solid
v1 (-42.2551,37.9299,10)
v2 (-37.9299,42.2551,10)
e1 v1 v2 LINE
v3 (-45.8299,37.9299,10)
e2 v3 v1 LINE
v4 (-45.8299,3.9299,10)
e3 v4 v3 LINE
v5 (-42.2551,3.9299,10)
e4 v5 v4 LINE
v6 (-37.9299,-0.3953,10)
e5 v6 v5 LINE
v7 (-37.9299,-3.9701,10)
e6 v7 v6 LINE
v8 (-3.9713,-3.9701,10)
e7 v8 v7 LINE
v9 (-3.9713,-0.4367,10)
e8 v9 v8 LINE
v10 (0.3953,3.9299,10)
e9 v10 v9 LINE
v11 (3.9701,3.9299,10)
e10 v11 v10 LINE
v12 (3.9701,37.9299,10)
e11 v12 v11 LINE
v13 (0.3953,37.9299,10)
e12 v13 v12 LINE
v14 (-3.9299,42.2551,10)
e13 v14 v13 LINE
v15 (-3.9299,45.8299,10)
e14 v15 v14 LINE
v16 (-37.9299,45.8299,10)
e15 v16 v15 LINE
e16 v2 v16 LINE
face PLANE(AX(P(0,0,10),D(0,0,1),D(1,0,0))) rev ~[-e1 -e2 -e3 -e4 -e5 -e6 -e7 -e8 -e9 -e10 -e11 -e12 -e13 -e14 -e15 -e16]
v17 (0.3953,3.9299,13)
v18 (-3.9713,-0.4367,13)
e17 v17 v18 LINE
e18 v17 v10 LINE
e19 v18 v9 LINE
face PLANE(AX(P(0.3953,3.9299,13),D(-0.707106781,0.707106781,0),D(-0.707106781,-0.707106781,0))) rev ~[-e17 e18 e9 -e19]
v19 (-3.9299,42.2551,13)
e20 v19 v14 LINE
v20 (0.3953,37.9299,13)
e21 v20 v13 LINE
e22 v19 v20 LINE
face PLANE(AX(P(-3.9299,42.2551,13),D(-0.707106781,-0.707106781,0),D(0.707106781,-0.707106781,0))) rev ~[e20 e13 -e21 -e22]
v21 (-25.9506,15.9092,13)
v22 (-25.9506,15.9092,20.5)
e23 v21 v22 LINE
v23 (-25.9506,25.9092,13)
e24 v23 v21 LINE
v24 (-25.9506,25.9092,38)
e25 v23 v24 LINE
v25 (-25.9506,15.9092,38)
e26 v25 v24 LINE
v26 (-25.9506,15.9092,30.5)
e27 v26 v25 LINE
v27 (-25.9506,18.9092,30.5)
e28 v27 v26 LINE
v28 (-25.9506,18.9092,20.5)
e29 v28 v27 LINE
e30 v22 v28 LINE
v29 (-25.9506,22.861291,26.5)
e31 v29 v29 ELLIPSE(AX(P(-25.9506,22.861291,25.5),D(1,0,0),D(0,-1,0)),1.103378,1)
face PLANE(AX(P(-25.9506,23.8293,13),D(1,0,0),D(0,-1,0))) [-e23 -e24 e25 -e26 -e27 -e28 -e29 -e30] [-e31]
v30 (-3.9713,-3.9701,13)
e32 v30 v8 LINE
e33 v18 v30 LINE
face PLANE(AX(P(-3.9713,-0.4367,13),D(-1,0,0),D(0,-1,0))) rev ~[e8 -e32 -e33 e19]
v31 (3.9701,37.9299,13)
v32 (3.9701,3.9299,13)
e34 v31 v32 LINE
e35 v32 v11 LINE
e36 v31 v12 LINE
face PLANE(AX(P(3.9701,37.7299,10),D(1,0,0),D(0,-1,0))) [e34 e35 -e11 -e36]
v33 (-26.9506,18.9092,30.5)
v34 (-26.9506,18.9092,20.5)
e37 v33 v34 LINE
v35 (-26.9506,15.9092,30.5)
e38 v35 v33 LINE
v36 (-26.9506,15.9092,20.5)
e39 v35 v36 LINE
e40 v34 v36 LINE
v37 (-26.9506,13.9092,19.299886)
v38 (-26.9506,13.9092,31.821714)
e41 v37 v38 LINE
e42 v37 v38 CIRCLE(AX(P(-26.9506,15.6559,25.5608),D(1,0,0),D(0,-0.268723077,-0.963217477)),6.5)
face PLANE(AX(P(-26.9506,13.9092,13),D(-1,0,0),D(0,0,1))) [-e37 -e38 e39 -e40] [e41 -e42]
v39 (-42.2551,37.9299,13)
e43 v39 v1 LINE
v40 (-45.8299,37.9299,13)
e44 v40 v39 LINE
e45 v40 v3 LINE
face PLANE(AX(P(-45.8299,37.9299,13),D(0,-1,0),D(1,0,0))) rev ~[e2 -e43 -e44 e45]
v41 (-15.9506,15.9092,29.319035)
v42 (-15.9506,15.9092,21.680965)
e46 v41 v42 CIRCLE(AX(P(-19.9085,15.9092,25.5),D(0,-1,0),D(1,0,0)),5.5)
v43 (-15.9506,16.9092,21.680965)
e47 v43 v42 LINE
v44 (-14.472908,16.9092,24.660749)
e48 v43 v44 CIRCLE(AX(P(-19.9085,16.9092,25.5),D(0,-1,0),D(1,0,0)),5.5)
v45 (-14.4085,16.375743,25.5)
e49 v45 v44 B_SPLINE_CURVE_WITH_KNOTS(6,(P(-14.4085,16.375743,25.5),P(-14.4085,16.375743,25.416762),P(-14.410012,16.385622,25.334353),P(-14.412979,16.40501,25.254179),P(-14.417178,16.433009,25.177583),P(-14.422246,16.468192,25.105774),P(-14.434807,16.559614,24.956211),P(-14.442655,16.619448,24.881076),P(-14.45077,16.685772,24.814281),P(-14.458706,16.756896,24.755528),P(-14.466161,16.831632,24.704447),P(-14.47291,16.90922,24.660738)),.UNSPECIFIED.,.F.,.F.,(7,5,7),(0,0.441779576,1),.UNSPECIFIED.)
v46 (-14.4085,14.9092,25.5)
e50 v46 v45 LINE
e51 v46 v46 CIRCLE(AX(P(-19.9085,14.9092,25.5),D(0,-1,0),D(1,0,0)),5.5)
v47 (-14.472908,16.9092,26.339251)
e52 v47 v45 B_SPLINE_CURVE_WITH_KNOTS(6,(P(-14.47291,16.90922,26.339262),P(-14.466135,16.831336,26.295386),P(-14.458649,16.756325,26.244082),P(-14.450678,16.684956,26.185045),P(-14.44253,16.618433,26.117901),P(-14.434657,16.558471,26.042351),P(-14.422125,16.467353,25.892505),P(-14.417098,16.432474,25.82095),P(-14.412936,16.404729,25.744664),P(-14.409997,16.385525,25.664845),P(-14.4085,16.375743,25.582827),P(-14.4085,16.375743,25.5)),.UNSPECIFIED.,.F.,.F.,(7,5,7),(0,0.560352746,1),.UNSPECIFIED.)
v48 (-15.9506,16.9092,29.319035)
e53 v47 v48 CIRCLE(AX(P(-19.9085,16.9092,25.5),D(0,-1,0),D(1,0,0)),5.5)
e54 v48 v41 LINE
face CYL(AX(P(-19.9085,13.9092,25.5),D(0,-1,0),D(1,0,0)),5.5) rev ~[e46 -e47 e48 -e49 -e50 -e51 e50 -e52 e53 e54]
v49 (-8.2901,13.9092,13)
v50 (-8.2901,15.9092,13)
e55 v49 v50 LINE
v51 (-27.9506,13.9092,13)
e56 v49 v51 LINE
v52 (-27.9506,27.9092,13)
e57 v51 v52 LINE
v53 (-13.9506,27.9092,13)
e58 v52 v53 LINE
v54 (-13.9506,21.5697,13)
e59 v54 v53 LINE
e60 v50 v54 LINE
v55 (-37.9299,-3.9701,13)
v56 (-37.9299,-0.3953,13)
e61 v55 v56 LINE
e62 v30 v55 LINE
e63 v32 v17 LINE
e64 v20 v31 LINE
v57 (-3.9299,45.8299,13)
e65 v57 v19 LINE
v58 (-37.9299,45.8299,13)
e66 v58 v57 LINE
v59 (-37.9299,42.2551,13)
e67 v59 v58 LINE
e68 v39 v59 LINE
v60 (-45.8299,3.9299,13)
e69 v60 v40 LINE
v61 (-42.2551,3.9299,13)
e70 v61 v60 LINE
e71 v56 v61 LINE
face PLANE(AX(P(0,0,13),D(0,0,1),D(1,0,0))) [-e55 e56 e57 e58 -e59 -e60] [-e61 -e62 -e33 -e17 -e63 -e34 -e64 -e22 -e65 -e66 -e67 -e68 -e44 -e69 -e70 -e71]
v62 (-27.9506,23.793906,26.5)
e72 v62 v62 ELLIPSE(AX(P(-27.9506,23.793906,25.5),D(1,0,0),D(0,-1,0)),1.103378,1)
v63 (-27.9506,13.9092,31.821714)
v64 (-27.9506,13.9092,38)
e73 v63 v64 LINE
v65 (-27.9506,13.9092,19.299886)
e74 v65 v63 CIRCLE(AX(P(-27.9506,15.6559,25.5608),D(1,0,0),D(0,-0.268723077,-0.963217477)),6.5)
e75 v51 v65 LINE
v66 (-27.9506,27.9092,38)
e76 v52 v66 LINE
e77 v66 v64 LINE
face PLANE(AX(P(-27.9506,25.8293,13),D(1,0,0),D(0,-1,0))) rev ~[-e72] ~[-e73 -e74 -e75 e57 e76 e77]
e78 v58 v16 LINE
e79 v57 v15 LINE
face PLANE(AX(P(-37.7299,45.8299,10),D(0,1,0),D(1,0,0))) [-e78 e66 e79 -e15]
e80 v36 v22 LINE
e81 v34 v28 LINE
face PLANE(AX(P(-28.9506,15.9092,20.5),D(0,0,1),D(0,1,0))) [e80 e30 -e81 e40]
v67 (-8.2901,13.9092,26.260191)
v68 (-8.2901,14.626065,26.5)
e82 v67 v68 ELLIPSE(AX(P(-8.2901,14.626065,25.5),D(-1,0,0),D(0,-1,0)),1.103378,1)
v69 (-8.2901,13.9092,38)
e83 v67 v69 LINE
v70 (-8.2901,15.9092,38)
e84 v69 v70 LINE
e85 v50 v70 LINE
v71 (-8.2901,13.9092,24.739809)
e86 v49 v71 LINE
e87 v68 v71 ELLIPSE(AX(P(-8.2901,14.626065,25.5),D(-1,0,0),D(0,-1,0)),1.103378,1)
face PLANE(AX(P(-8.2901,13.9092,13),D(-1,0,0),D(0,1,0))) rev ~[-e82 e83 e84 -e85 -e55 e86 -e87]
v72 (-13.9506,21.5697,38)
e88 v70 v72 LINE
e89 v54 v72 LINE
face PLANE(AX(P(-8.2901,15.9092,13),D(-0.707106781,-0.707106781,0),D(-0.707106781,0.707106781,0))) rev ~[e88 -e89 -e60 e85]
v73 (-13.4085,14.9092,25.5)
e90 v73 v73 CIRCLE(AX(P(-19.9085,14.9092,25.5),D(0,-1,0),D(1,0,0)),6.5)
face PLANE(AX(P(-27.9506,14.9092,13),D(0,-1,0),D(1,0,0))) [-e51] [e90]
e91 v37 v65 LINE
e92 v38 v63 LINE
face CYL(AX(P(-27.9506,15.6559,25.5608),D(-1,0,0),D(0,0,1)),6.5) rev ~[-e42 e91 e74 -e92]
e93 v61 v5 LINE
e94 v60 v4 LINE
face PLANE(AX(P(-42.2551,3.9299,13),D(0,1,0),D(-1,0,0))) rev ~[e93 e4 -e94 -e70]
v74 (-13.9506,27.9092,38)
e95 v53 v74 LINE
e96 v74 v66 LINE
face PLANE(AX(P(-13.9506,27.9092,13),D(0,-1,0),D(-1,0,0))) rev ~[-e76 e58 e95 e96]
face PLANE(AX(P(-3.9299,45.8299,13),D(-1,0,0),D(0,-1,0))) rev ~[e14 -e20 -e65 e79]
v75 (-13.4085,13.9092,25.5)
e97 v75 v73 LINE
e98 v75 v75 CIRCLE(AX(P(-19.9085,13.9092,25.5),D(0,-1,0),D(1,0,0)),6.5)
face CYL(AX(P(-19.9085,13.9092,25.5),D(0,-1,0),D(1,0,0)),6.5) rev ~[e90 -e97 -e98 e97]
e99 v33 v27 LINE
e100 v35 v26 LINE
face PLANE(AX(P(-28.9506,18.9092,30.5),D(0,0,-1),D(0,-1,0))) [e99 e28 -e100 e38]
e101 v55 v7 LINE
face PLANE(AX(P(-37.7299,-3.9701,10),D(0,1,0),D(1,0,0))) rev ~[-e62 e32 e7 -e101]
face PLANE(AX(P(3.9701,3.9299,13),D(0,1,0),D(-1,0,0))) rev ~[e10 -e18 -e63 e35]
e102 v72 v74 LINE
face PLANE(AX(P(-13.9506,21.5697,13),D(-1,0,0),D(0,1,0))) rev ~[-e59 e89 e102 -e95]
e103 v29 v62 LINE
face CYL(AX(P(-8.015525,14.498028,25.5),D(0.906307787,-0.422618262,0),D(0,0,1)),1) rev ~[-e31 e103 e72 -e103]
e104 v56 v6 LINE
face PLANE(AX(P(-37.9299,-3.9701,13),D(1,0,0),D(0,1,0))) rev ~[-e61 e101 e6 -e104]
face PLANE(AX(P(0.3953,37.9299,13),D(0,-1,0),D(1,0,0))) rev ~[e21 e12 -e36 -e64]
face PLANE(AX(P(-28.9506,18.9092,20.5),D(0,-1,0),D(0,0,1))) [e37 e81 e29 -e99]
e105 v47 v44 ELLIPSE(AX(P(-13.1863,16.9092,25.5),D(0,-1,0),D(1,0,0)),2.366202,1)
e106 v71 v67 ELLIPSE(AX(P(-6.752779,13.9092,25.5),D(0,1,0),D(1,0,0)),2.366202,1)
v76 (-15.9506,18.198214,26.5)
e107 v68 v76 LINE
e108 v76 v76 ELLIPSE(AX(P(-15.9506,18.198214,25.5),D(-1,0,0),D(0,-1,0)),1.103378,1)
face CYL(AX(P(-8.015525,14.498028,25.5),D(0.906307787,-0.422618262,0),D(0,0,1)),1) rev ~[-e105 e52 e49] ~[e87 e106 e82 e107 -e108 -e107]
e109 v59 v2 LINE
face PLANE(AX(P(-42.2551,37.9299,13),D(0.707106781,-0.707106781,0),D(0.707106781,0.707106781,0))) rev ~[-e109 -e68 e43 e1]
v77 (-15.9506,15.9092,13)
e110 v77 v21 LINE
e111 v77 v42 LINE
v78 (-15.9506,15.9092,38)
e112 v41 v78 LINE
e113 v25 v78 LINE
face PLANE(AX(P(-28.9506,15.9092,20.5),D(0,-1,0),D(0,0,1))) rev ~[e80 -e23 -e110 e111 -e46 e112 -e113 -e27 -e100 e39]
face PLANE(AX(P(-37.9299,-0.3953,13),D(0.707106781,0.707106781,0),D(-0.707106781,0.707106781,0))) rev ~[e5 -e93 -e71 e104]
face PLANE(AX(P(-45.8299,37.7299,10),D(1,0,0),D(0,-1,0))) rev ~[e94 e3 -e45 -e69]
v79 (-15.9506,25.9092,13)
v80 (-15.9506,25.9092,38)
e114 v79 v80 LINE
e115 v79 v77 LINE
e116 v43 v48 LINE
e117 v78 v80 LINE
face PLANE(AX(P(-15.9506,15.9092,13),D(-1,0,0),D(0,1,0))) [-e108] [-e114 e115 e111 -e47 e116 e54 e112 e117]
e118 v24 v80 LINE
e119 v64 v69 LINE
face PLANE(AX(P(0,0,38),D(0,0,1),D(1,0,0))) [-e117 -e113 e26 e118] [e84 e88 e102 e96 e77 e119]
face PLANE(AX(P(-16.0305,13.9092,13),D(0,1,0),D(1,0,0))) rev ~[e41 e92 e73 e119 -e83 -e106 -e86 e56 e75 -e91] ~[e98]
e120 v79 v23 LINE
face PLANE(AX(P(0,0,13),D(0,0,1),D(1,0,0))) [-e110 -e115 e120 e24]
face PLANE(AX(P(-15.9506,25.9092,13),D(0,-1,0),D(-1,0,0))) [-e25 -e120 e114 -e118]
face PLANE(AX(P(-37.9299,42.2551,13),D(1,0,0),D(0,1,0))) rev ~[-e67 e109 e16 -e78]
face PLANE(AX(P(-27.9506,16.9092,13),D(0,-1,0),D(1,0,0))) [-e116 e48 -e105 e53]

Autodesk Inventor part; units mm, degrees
ref_plane "YZ Plane" through (0, 0, 0) normal (1, 0, 0) x (0, 1, 0)
ref_plane "XZ Plane" through (0, 0, 0) normal (0, 1, 0) x (-1, 0, 0)
ref_plane "Work Plane1" through (0, 0, 10) normal (0, 0, 1) x (1, 0, 0)
sketch "Sketch1" plane through (0, 0, 10) normal (0, 0, 1) x (1, 0, 0)
  line L0 (-4.0299, -0.3538) -> (-2.2322, 1.4439) construction
  arc A0 (-1.4439, 2.2322) -> (-2.2322, 1.4439) centre (-0.9299, 0.9299) ccw construction
  line L1 (-1.4439, 2.2322) -> (0.3538, 4.0299) construction
  line L2 (-37.8299, 42.8299) -> (-37.8299, 37.8299) construction
  line L3 (-37.8299, 37.8299) -> (-42.9208, 37.8299) construction
  line L4 (-37.8299, 42.2137) -> (-37.8299, 45.8299) construction
  line L5 (-37.8299, 45.8299) -> (-4.0299, 45.8299) construction
  line L6 (-4.0299, 45.8299) -> (-4.0299, 42.2137) construction
  line L7 (-4.0299, 4.0299) -> (0.3538, 4.0299) projected
  circle A1 centre (-20.9299, 20.9299) radius 17.5 projected
  line L8 (-20.9299, 58.9723) -> (17.1124, 20.9299) construction
  line L9 (17.1124, 20.9299) -> (-20.9299, -17.1124) construction
  line L10 (-20.9299, -17.1124) -> (-58.9723, 20.9299) construction
  line L11 (-58.9723, 20.9299) -> (-20.9299, 58.9723) construction
  line L12 (-20.9299, 58.9723) -> (-20.9299, -17.1124) construction
  line L13 (17.1124, 20.9299) -> (-58.9723, 20.9299) construction
  line L14 (-20.9299, 58.9723) -> (32.8701, 58.9723) construction
  line L15 (-43.4299, 43.4299) -> (1.5701, 43.4299) construction
  line L16 (1.5701, 43.4299) -> (1.5701, -1.5701) construction
  line L17 (1.5701, -1.5701) -> (-43.4299, -1.5701) construction
  line L18 (-43.4299, -1.5701) -> (-43.4299, 43.4299) construction
  line L19 (-43.4299, 43.4299) -> (1.5701, -1.5701) construction
  line L20 (1.5701, 43.4299) -> (-43.4299, -1.5701) construction
  line L21 (-43.4299, 5.3876) -> (-43.4299, 36.4723)
  line L22 (-43.4299, 36.4723) -> (-36.4723, 43.4299)
  line L23 (-36.4723, 43.4299) -> (-5.3876, 43.4299)
  line L24 (-5.3876, 43.4299) -> (1.5701, 36.4723)
  line L25 (1.5701, 36.4723) -> (1.5701, 5.3876)
  line L26 (1.5701, 5.3876) -> (-5.3876, -1.5701)
  line L27 (-5.3876, -1.5701) -> (-36.4723, -1.5701)
  line L28 (-36.4723, -1.5701) -> (-43.4299, 5.3876)
  line L29 (-4.0299, 42.2137) -> (-37.8299, 42.2137) projected
  line L30 (-4.0299, -0.3538) -> (-4.0299, 4.0299) projected
  circle A2 centre (-20.9299, 20.9299) radius 1.5
  line L31 (-10.9299, 10.9299) -> (-30.9299, 10.9299) construction
  line L32 (-30.9299, 10.9299) -> (-30.9299, 30.9299) construction
  line L33 (-30.9299, 30.9299) -> (-10.9299, 30.9299) construction
  line L34 (-10.9299, 30.9299) -> (-10.9299, 10.9299) construction
  line L35 (-10.9299, 10.9299) -> (-30.9299, 30.9299) construction
  line L36 (-30.9299, 10.9299) -> (-10.9299, 30.9299) construction
  circle A3 centre (-30.9299, 30.9299) radius 1.4
  circle A4 centre (-30.9299, 10.9299) radius 1.4
  circle A5 centre (-10.9299, 10.9299) radius 1.4
  line L37 (-45.8299, 37.8299) -> (-42.0723, 37.8299) construction
  line L38 (-42.1723, 37.7299) -> (-45.8299, 37.7299)
  line L39 (-45.8299, 37.7299) -> (-45.8299, 4.1299)
  line L40 (-45.8299, 4.1299) -> (-42.1723, 4.1299)
  line L41 (-42.1723, 4.1299) -> (-42.1723, 37.7299)
  line L42 (-45.8299, 4.0299) -> (-42.0723, 4.0299) construction
  line L43 (-45.8299, 37.8299) -> (-42.0723, 37.8299) projected
  line L44 (-37.7299, 45.8299) -> (-4.1299, 45.8299)
  line L45 (-4.1299, 45.8299) -> (-4.1299, 42.1723)
  line L46 (-4.1299, 42.1723) -> (-37.7299, 42.1723)
  line L47 (-37.7299, 42.1723) -> (-37.7299, 45.8299)
  line L48 (0.4701, 37.8299) -> (0.4701, 4.0299) construction
  line L49 (0.4701, 4.0299) -> (3.9701, 4.0299) construction
  line L50 (3.9701, 37.8299) -> (3.9701, 4.0299) construction
  line L51 (0.4701, 37.8299) -> (3.9701, 37.8299) construction
  line L52 (-45.8299, -3.9701) -> (-4.0299, -3.9701) construction
  line L53 (0.3124, 37.7299) -> (3.9701, 37.7299)
  line L54 (3.9701, 37.7299) -> (3.9701, 4.1299)
  line L55 (3.9701, 4.1299) -> (0.3124, 4.1299)
  line L56 (0.3124, 4.1299) -> (0.3124, 37.7299)
  line L57 (-4.1713, -0.3538) -> (-37.7299, -0.3538)
  line L58 (-37.7299, -0.3538) -> (-37.7299, -3.9701)
  line L59 (-37.7299, -3.9701) -> (-4.1713, -3.9701)
  line L60 (-4.1713, -3.9701) -> (-4.1713, -0.3538)
  point P0 (-37.8299, 4.0299)
  dimension "d18" = 53.8
  dimension "d19" = 45
  dimension "d20" = 53.8
  dimension "d21" = 45
  dimension "d22" = 45
  dimension "d30" = 20
  dimension "d31" = 20
  dimension "d32" = 2.8
  dimension "d33" = 2.8
  dimension "d34" = 2.8
  dimension "d35" = 3
  dimension "d36" = 0.1
  dimension "d37" = 0.1
  dimension "d38" = 0.1
  dimension "d39" = 0.1
extrude "Extrusion1" add sketch "Sketch1" along normal blind 3 contours L30 L26 L57 L28 L41 L22 L46 L24 L56 L7 | L7 L26 L30 | L56 L24 L25 L26 | L26 L25 L24 L53 L54 L55 | L60 L59 L58 L57 L28 L27 L26 | L26 L27 L28 L57 | L46 L22 L29 L24 | L24 L29 L45 | L40 L39 L38 L22 L21 L28 | L28 L21 L22 L41 | L29 L22 L23 L24 | L24 L23 L22 L29 L47 L44 L45 | L47 L29 L22 | A1 | A2 | A3 | A4 | A5
sketch "Skizze4" plane through (0, 0, 13) normal (0, 0, 1) x (1, 0, 0)
  line L0 (-37.7299, 42.1723) -> (-42.1723, 37.7299) projected
  line L1 (-42.1723, 37.7299) -> (-45.8299, 37.7299) projected
  line L2 (-45.8299, 37.7299) -> (-45.8299, 4.1299) construction
  line L3 (-45.8299, 4.1299) -> (-42.1723, 4.1299) projected
  line L4 (-42.1723, 4.1299) -> (-37.6885, -0.3538) projected
  line L5 (-37.6885, -0.3538) -> (-37.7299, -0.3538) projected
  line L6 (-37.7299, -0.3538) -> (-37.7299, -3.9701) projected
  line L7 (-37.7299, -3.9701) -> (-4.1713, -3.9701) construction
  line L8 (-4.1713, -3.9701) -> (-4.1713, -0.3538) projected
  line L9 (-4.1713, -0.3538) -> (0.3124, 4.1299) projected
  line L10 (0.3124, 4.1299) -> (3.9701, 4.1299) projected
  line L11 (3.9701, 4.1299) -> (3.9701, 37.7299) construction
  line L12 (3.9701, 37.7299) -> (0.3124, 37.7299) projected
  line L13 (0.3124, 37.7299) -> (-4.1299, 42.1723) projected
  line L14 (-4.1299, 42.1723) -> (-4.1299, 45.8299) projected
  line L15 (-4.1299, 45.8299) -> (-37.7299, 45.8299) construction
  line L16 (-37.7299, 45.8299) -> (-37.7299, 42.1723) projected
  line L17 (-37.9299, 46.0299) -> (-3.9299, 46.0299) construction
  line L18 (-3.9299, 46.0299) -> (-3.9299, 42.2551)
  line L19 (-3.9299, 42.2551) -> (0.3953, 37.9299)
  line L20 (0.3953, 37.9299) -> (4.1701, 37.9299)
  line L21 (4.1701, 37.9299) -> (4.1701, 3.9299) construction
  line L22 (4.1701, 3.9299) -> (0.3953, 3.9299)
  line L23 (0.3953, 3.9299) -> (-3.9713, -0.4367)
  line L24 (-3.9713, -0.4367) -> (-3.9713, -4.1701)
  line L25 (-3.9713, -4.1701) -> (-37.9299, -4.1701) construction
  line L26 (-37.9299, -4.1701) -> (-37.9299, -0.3953)
  line L27 (-37.9299, -0.3953) -> (-42.2551, 3.9299)
  line L28 (-42.2551, 3.9299) -> (-46.0299, 3.9299)
  line L29 (-46.0299, 3.9299) -> (-46.0299, 37.9299) construction
  line L30 (-46.0299, 37.9299) -> (-42.2551, 37.9299)
  line L31 (-42.2551, 37.9299) -> (-37.9299, 42.2551)
  line L32 (-37.9299, 42.2551) -> (-37.9299, 46.0299)
  line L33 (-45.8299, 37.7299) -> (-45.8299, 37.9299)
  line L34 (-4.1299, 45.8299) -> (-37.7299, 45.8299) projected
  line L35 (-37.7299, 45.8299) -> (-37.9299, 45.8299)
  line L36 (-4.1299, 45.8299) -> (-3.9299, 45.8299)
  line L37 (3.9701, 37.7299) -> (3.9701, 37.9299)
  line L38 (3.9701, 4.1299) -> (3.9701, 37.7299) projected
  line L39 (3.9701, 4.1299) -> (3.9701, 3.9299)
  line L40 (-4.1713, -3.9701) -> (-3.9713, -3.9701)
  line L41 (-37.7299, -3.9701) -> (-37.9299, -3.9701)
  line L42 (-45.8299, 4.1299) -> (-45.8299, 3.9299)
  point P0 (0, 0)
  dimension "d40" = 0.2
extrude "IM_offset" add sketch "Skizze4" against normal up to surface (3 mm away)
ref_plane "Arbeitsebene5" through (-20.9299, 3.9299, 10) normal (1, 0, 0) x (0, 0, -1)
ref_plane "Arbeitsebene6" through (-37.9299, 20.9299, 10) normal (0, 1, 0) x (1, 0, 0)
sketch "Skizze25" plane through (0, 0, 13) normal (0, 0, 1) x (1, 0, 0)
  line L0 (3.9701, 3.9299) -> (3.9701, 37.9299) projected
  line L1 (3.9701, 37.9299) -> (0.3953, 37.9299) projected
  line L2 (0.3953, 37.9299) -> (-3.9299, 42.2551) projected
  line L3 (-3.9299, 42.2551) -> (-3.9299, 45.8299) projected
  line L4 (-3.9299, 45.8299) -> (-37.9299, 45.8299) projected
  line L5 (-37.9299, 45.8299) -> (-37.9299, 42.2551) projected
  line L6 (-37.9299, 42.2551) -> (-42.2551, 37.9299) projected
  line L7 (-42.2551, 37.9299) -> (-45.8299, 37.9299) projected
  line L8 (-45.8299, 37.9299) -> (-45.8299, 3.9299) projected
  line L9 (-42.2551, 3.9299) -> (-45.8299, 3.9299) projected
  line L10 (-37.9299, -0.3953) -> (-42.2551, 3.9299) projected
  line L11 (-37.9299, -3.9701) -> (-37.9299, -0.3953) projected
  line L12 (-3.9713, -3.9701) -> (-37.9299, -3.9701) projected
  line L13 (-3.9713, -3.9701) -> (-3.9713, -0.4367) projected
  line L14 (-3.9713, -0.4367) -> (0.3953, 3.9299) projected
  line L15 (0.3953, 3.9299) -> (3.9701, 3.9299) projected
  line L16 (-11.384, 9.2627) -> (-32.5972, 30.4759)
  line L17 (-15.9506, 25.9092) -> (-25.9506, 25.9092)
  line L18 (-25.9506, 25.9092) -> (-25.9506, 15.9092)
  line L19 (-25.9506, 15.9092) -> (-15.9506, 15.9092)
  line L20 (-15.9506, 15.9092) -> (-15.9506, 25.9092)
  line L21 (-15.9506, 25.9092) -> (-25.9506, 15.9092) construction
  line L22 (-25.9506, 25.9092) -> (-15.9506, 15.9092) construction
  line L23 (-13.9506, 27.9092) -> (-27.9506, 27.9092)
  line L24 (-27.9506, 27.9092) -> (-27.9506, 13.9092)
  line L25 (-27.9506, 13.9092) -> (-13.9506, 13.9092)
  line L26 (-13.9506, 13.9092) -> (-13.9506, 27.9092)
  line L27 (-15.9506, 20.9092) -> (-13.9506, 20.9092)
  line L28 (-20.9506, 25.9092) -> (-20.9506, 27.9092)
  line L29 (-18.0305, 15.9092) -> (-15.9506, 18.072)
  line L30 (-25.9506, 23.8293) -> (-23.7879, 25.9092)
  line L31 (-27.9506, 27.9092) -> (-25.9506, 27.9092)
  line L32 (-13.9506, 13.9092) -> (-8.2901, 13.9092)
  line L33 (-8.2901, 13.9092) -> (-8.2901, 15.9092)
  line L34 (-8.2901, 15.9092) -> (-13.9506, 15.9092)
  line L35 (-13.9506, 15.9092) -> (-13.9506, 13.9092)
  line L36 (-8.2901, 15.9092) -> (-13.9506, 21.5697)
  point P0 (0, 0)
  point P1 (-20.9506, 20.9092)
  point P2 (-13.9506, 15.9092)
  dimension "d150" = 10
  dimension "d151" = 10
  dimension "d152" = 2
  dimension "d154" = 7
extrude "Extrusion21" add sketch "Skizze25" along normal blind 25 contours L19 L20 L27 L26 L25 L16 | L16 L25 L24 L18 L19 | L16 L24 L23 L28 L17 L18 | L26 L34 L33 L32 | L20 L17 L28 L23 L26 L27 | L26 L36 L34
ref_plane "Arbeitsebene10" through (0, 0, 42) normal (0, 0, 1) x (1, 0, 0)
ref_plane "Arbeitsebene9" through (-28.9506, 12.9092, 13) normal (-1, 0, 0) x (0, 0, 1)
sketch "Skizze28" plane through (-28.9506, 12.9092, 13) normal (-1, 0, 0) x (0, 0, 1)
  line L0 (0, 3) -> (0, 13) projected
  line L1 (0, 3) -> (25, 3) projected
  line L2 (25, 13) -> (25, 3) projected
  line L3 (0, 13) -> (25, 13) projected
  line L4 (17.5, 3) -> (7.5, 3)
  line L5 (7.5, 3) -> (7.5, 6)
  line L6 (7.5, 6) -> (17.5, 6)
  line L7 (17.5, 6) -> (17.5, 3)
  line L8 (17.5, 3) -> (7.5, 6) construction
  line L9 (7.5, 3) -> (17.5, 6) construction
  point P0 (-13, -12.9092)
  point P1 (12.5, 4.5)
  point P2 (17.5, 3)
  point P3 (17.5, 13)
  point P4 (7.5, 13)
  dimension "d187" = 10
  dimension "d188" = 3
extrude "Extrusion24" cut sketch "Skizze28" against normal blind 3 contours L5 L6 L7 L1
sketch "Skizze34" plane through (-27.9506, 13.9092, 13) normal (0, -1, 0) x (1, 0, 0)
  line L0 (19.6605, 0) -> (0, 0) projected
  line L1 (19.6605, 0) -> (19.6605, 25) projected
  line L2 (0, 25) -> (19.6605, 25) projected
  line L3 (0, 0) -> (0, 25) projected
  circle A0 centre (8.0421, 12.5) radius 5.5
  point P0 (27.9506, -13)
  dimension "d192" = 11
extrude "Extrusion30" cut sketch "Skizze34" against normal blind 3 contours A0
sketch "Skizze35" plane through (-27.9506, 13.9092, 13) normal (0, -1, 0) x (1, 0, 0)
  circle A0 centre (8.0421, 12.5) radius 5.5 projected
  circle A1 centre (8.0421, 12.5) radius 6.5
  point P0 (27.9506, -13)
  dimension "d195" = 13
extrude "Extrusion31" cut sketch "Skizze35" against normal blind 1 contours A0 | A1
sketch "Skizze36" plane through (-27.9506, 13.9092, 13) normal (-1, 0, 0) x (0, 0, 1)
  circle A0 centre (12.5608, 1.7467) radius 6.5
  point P0 (-13, -13.9092)
  dimension "d202" = 13
extrude "Extrusion32" cut sketch "Skizze36" against normal blind 1
ref_plane "Arbeitsebene12" through (-8.2901, 13.9092, 13) normal (0.9063, -0.4226, 0) x (0, 0, 1)
sketch "Skizze37" plane through (-8.2901, 13.9092, 13) normal (0.9063, -0.4226, 0) x (0, 0, 1)
  circle A0 centre (12.5, -0.6497) radius 1
  ellipse E0 centre (12.5, 4.9101) end of major axis (6, 4.9101) minor radius 2.747 projected
  point P0 (-13, 9.1025)
  dimension "d204" = 2
extrude "Extrusion33" cut sketch "Skizze37" against normal through all contours A0
properties part number "20_Cube_Insert_Lightsheet_FEPTube_Flowcube_small_v3"
